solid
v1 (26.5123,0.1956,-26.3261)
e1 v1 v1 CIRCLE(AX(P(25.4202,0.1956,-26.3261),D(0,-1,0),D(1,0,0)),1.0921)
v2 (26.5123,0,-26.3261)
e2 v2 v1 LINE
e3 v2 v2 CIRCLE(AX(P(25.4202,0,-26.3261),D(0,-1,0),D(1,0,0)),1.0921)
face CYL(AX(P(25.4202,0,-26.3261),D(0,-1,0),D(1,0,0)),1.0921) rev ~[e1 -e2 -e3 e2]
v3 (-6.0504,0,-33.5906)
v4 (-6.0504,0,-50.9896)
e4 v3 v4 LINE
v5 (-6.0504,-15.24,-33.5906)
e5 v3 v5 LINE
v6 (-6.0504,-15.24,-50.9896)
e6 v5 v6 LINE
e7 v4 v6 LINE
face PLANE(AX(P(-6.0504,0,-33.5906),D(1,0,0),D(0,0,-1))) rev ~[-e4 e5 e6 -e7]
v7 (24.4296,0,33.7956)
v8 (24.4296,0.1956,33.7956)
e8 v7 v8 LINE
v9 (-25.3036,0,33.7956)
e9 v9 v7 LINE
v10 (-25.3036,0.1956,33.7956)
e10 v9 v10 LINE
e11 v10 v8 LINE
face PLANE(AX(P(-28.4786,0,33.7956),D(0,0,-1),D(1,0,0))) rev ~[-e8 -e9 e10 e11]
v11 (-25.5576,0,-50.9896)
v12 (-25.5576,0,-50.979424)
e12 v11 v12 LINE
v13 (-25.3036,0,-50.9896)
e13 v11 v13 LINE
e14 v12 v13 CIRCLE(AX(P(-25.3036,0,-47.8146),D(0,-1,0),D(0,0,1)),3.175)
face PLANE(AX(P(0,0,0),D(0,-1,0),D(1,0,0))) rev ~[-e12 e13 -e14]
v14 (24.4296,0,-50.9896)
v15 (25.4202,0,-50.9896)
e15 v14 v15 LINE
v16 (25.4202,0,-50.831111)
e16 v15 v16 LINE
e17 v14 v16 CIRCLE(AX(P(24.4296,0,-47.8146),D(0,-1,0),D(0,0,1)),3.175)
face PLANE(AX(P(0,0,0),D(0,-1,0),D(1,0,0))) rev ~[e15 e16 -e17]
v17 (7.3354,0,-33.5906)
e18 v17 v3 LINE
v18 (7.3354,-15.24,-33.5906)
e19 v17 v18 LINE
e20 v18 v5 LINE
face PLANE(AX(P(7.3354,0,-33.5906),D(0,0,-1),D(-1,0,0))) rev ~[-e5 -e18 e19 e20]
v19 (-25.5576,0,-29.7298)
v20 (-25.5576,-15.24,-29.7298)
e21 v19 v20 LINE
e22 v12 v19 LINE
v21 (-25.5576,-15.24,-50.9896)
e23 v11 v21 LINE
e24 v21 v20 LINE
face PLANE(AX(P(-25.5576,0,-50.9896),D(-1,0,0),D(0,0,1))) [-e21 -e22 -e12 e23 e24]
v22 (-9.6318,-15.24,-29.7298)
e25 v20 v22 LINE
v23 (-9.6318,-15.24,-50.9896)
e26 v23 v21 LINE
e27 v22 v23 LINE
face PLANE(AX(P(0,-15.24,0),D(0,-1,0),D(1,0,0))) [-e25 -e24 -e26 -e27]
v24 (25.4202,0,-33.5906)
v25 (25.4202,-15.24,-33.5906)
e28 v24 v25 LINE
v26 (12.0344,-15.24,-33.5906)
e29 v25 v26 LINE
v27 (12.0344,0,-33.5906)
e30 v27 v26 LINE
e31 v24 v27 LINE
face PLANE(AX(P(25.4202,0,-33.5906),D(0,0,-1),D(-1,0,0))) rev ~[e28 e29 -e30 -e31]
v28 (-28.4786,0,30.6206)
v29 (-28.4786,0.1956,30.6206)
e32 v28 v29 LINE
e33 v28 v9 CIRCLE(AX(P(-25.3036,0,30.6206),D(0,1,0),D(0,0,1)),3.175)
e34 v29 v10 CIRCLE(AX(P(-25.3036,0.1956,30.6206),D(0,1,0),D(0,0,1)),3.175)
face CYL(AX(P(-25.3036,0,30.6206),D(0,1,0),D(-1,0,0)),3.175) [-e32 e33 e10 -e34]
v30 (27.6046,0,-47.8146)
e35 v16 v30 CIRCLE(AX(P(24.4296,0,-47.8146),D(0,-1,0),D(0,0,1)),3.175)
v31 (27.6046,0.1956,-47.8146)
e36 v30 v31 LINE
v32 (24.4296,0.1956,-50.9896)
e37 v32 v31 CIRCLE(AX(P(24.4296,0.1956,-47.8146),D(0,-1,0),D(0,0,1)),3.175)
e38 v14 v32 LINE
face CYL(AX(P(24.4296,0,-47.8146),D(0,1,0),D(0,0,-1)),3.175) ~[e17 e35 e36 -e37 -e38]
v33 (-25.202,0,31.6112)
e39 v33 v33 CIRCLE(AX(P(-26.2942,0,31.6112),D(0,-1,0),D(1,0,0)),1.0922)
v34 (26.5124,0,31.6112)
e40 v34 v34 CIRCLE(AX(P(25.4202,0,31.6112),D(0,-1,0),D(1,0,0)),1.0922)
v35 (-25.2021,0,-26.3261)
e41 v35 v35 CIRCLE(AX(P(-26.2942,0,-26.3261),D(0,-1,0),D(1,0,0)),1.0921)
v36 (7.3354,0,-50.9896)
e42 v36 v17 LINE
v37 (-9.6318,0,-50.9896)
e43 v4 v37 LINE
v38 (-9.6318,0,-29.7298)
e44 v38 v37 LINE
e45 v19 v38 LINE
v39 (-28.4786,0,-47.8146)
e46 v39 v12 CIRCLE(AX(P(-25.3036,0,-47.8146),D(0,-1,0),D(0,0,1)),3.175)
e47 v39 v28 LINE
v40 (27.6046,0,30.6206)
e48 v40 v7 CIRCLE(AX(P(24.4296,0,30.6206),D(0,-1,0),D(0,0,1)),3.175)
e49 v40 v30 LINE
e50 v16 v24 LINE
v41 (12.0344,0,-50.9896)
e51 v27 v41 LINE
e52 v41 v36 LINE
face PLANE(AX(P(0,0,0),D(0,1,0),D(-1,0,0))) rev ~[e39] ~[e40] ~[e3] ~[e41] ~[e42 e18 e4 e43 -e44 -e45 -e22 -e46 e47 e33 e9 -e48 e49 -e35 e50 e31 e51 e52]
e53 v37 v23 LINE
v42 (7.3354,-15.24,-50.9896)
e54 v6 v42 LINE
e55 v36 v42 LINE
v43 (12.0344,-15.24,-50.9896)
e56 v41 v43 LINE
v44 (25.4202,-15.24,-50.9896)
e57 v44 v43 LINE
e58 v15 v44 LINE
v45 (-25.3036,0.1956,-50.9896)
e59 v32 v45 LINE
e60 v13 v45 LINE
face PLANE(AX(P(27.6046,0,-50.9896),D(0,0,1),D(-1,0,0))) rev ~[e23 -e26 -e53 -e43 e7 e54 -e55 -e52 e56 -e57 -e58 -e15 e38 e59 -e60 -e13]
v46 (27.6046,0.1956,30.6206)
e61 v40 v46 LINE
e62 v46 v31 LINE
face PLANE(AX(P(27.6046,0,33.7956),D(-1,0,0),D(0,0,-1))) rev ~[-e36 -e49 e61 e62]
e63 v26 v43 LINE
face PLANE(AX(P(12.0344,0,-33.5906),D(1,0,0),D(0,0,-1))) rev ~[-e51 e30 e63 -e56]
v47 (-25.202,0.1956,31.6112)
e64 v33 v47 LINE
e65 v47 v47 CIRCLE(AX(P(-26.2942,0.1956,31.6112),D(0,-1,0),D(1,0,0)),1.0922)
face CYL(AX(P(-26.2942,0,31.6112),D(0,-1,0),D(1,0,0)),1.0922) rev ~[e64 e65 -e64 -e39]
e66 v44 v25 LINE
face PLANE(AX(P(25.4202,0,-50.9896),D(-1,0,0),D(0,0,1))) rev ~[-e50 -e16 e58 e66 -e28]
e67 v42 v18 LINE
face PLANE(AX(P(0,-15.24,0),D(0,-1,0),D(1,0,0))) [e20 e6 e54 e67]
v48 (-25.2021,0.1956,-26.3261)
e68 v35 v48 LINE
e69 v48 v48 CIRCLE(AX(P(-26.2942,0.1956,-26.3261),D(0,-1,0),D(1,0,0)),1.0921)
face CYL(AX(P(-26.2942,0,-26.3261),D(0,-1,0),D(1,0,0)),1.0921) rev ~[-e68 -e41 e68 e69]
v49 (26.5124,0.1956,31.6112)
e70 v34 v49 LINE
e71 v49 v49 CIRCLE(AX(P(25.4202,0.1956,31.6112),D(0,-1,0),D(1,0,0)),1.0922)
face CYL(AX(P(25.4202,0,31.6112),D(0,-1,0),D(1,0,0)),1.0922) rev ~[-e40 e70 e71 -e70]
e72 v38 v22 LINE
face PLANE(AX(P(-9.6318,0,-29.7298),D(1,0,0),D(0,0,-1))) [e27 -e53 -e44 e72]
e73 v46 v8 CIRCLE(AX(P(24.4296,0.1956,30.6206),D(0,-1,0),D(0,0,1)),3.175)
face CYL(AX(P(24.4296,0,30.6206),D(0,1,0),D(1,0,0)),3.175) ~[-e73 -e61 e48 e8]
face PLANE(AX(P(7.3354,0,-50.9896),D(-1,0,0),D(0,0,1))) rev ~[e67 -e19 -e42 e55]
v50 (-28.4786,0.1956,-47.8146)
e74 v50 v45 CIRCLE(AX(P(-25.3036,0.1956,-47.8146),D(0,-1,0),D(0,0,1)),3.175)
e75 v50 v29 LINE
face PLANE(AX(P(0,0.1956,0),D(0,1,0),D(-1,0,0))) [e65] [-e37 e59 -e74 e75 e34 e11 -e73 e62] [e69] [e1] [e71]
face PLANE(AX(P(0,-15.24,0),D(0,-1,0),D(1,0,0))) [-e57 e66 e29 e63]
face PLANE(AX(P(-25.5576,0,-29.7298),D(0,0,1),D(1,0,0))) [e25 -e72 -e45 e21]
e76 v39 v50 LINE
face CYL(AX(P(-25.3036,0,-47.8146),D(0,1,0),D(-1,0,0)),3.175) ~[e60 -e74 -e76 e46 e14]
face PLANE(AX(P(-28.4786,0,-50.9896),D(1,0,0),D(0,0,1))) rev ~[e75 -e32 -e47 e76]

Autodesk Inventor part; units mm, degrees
ref_plane "YZ Plane" through (0, 0, 0) normal (1, 0, 0) x (0, 1, 0)
ref_plane "XZ Plane" through (0, 0, 0) normal (0, 1, 0) x (-1, 0, 0)
ref_plane "XY Plane" through (0, 0, 0) normal (0, 0, 1) x (1, 0, 0)
sketch "Sketch1" plane through (0, 0, 0) normal (0, 1, 0) x (-1, 0, 0)
  line L0 (28.4786, 33.7956) -> (-27.6046, 33.7956)
  line L1 (-27.6046, 33.7956) -> (-27.6046, -50.9896)
  line L2 (-27.6046, -50.9896) -> (28.4786, -50.9896)
  line L3 (28.4786, -50.9896) -> (28.4786, 33.7956)
  point P0 (0, 0)
  dimension "d0" = 56.0832
  dimension "d1" = 84.7852
extrude "Extrusion1" add sketch "Sketch1" along normal blind 0.1956
fillet "Fillet1" radius 3.175 4 edges at (27.6046, 0.0978, -50.9896) (-28.4786, 0.0978, -50.9896) (-28.4786, 0.0978, 33.7956) (27.6046, 0.0978, 33.7956)
sketch "Sketch2" plane through (0, 0, 0) normal (0, -1, 0) x (1, 0, 0)
  line L0 (-28.4786, -47.8146) -> (-28.4786, 30.6206) construction
  line L1 (-28.4786, 31.6112) -> (-26.2942, 31.6112) construction
  line L2 (-26.2942, 31.6112) -> (-26.2942, 33.7956) construction
  line L3 (-25.3036, 33.7956) -> (24.4296, 33.7956) construction
  circle A0 centre (-26.2942, 31.6112) radius 1.0922
  line L4 (27.6046, 30.6206) -> (27.6046, -47.8146) construction
  line L5 (27.6046, 31.6112) -> (25.4202, 31.6112) construction
  line L6 (25.4202, 31.6112) -> (25.4202, 33.7956) construction
  circle A1 centre (25.4202, 31.6112) radius 1.0922
  circle A2 centre (-26.2942, -26.3261) radius 1.0921
  circle A3 centre (25.4202, -26.3261) radius 1.0921
  point P0 (0, 0)
  dimension "d5" = 2.1844
  dimension "d6" = 2.1844
  dimension "d7" = 2.1844
  dimension "d8" = 2.1844
  dimension "d9" = 55.753
  dimension "d10" = 55.753
extrude "Extrusion2" cut sketch "Sketch2" against normal blind 0.1956
sketch "Sketch3" plane through (0, 0, 0) normal (0, -1, 0) x (1, 0, 0)
  line L0 (25.4202, -33.5906) -> (12.0344, -33.5906)
  line L1 (12.0344, -33.5906) -> (12.0344, -50.9896)
  line L2 (12.0344, -50.9896) -> (25.4202, -50.9896)
  line L3 (25.4202, -50.9896) -> (25.4202, -33.5906)
  line L4 (7.3354, -33.5906) -> (-6.0504, -33.5906)
  line L5 (-6.0504, -33.5906) -> (-6.0504, -50.9896)
  line L6 (-6.0504, -50.9896) -> (7.3354, -50.9896)
  line L7 (7.3354, -50.9896) -> (7.3354, -33.5906)
  line L8 (-25.5576, -29.7298) -> (-9.6318, -29.7298)
  line L9 (-9.6318, -29.7298) -> (-9.6318, -50.9896)
  line L10 (-9.6318, -50.9896) -> (-25.5576, -50.9896)
  line L11 (-25.5576, -50.9896) -> (-25.5576, -29.7298)
  line L12 (24.4296, -50.9896) -> (-25.3036, -50.9896) projected
  line L13 (27.6046, 30.6206) -> (27.6046, -47.8146) projected
  point P0 (0, 0)
  dimension "d13" = 13.3858
  dimension "d14" = 13.3858
  dimension "d16" = 17.399
  dimension "d18" = 21.2598
  dimension "d19" = 15.9258
  dimension "d20" = 0
  dimension "d21" = 0
  dimension "d22" = 4.699
  dimension "d23" = 3.5814
  dimension "d24" = 2.1844
extrude "Extrusion3" add sketch "Sketch3" along normal blind 15.24
equation "\"d6\" = d5"
equation "\"d7\" = d6"
equation "\"d8\" = d5"
equation "\"d10\" = d9"
equation "\"d14\" = d13"
properties part number "RPI"
